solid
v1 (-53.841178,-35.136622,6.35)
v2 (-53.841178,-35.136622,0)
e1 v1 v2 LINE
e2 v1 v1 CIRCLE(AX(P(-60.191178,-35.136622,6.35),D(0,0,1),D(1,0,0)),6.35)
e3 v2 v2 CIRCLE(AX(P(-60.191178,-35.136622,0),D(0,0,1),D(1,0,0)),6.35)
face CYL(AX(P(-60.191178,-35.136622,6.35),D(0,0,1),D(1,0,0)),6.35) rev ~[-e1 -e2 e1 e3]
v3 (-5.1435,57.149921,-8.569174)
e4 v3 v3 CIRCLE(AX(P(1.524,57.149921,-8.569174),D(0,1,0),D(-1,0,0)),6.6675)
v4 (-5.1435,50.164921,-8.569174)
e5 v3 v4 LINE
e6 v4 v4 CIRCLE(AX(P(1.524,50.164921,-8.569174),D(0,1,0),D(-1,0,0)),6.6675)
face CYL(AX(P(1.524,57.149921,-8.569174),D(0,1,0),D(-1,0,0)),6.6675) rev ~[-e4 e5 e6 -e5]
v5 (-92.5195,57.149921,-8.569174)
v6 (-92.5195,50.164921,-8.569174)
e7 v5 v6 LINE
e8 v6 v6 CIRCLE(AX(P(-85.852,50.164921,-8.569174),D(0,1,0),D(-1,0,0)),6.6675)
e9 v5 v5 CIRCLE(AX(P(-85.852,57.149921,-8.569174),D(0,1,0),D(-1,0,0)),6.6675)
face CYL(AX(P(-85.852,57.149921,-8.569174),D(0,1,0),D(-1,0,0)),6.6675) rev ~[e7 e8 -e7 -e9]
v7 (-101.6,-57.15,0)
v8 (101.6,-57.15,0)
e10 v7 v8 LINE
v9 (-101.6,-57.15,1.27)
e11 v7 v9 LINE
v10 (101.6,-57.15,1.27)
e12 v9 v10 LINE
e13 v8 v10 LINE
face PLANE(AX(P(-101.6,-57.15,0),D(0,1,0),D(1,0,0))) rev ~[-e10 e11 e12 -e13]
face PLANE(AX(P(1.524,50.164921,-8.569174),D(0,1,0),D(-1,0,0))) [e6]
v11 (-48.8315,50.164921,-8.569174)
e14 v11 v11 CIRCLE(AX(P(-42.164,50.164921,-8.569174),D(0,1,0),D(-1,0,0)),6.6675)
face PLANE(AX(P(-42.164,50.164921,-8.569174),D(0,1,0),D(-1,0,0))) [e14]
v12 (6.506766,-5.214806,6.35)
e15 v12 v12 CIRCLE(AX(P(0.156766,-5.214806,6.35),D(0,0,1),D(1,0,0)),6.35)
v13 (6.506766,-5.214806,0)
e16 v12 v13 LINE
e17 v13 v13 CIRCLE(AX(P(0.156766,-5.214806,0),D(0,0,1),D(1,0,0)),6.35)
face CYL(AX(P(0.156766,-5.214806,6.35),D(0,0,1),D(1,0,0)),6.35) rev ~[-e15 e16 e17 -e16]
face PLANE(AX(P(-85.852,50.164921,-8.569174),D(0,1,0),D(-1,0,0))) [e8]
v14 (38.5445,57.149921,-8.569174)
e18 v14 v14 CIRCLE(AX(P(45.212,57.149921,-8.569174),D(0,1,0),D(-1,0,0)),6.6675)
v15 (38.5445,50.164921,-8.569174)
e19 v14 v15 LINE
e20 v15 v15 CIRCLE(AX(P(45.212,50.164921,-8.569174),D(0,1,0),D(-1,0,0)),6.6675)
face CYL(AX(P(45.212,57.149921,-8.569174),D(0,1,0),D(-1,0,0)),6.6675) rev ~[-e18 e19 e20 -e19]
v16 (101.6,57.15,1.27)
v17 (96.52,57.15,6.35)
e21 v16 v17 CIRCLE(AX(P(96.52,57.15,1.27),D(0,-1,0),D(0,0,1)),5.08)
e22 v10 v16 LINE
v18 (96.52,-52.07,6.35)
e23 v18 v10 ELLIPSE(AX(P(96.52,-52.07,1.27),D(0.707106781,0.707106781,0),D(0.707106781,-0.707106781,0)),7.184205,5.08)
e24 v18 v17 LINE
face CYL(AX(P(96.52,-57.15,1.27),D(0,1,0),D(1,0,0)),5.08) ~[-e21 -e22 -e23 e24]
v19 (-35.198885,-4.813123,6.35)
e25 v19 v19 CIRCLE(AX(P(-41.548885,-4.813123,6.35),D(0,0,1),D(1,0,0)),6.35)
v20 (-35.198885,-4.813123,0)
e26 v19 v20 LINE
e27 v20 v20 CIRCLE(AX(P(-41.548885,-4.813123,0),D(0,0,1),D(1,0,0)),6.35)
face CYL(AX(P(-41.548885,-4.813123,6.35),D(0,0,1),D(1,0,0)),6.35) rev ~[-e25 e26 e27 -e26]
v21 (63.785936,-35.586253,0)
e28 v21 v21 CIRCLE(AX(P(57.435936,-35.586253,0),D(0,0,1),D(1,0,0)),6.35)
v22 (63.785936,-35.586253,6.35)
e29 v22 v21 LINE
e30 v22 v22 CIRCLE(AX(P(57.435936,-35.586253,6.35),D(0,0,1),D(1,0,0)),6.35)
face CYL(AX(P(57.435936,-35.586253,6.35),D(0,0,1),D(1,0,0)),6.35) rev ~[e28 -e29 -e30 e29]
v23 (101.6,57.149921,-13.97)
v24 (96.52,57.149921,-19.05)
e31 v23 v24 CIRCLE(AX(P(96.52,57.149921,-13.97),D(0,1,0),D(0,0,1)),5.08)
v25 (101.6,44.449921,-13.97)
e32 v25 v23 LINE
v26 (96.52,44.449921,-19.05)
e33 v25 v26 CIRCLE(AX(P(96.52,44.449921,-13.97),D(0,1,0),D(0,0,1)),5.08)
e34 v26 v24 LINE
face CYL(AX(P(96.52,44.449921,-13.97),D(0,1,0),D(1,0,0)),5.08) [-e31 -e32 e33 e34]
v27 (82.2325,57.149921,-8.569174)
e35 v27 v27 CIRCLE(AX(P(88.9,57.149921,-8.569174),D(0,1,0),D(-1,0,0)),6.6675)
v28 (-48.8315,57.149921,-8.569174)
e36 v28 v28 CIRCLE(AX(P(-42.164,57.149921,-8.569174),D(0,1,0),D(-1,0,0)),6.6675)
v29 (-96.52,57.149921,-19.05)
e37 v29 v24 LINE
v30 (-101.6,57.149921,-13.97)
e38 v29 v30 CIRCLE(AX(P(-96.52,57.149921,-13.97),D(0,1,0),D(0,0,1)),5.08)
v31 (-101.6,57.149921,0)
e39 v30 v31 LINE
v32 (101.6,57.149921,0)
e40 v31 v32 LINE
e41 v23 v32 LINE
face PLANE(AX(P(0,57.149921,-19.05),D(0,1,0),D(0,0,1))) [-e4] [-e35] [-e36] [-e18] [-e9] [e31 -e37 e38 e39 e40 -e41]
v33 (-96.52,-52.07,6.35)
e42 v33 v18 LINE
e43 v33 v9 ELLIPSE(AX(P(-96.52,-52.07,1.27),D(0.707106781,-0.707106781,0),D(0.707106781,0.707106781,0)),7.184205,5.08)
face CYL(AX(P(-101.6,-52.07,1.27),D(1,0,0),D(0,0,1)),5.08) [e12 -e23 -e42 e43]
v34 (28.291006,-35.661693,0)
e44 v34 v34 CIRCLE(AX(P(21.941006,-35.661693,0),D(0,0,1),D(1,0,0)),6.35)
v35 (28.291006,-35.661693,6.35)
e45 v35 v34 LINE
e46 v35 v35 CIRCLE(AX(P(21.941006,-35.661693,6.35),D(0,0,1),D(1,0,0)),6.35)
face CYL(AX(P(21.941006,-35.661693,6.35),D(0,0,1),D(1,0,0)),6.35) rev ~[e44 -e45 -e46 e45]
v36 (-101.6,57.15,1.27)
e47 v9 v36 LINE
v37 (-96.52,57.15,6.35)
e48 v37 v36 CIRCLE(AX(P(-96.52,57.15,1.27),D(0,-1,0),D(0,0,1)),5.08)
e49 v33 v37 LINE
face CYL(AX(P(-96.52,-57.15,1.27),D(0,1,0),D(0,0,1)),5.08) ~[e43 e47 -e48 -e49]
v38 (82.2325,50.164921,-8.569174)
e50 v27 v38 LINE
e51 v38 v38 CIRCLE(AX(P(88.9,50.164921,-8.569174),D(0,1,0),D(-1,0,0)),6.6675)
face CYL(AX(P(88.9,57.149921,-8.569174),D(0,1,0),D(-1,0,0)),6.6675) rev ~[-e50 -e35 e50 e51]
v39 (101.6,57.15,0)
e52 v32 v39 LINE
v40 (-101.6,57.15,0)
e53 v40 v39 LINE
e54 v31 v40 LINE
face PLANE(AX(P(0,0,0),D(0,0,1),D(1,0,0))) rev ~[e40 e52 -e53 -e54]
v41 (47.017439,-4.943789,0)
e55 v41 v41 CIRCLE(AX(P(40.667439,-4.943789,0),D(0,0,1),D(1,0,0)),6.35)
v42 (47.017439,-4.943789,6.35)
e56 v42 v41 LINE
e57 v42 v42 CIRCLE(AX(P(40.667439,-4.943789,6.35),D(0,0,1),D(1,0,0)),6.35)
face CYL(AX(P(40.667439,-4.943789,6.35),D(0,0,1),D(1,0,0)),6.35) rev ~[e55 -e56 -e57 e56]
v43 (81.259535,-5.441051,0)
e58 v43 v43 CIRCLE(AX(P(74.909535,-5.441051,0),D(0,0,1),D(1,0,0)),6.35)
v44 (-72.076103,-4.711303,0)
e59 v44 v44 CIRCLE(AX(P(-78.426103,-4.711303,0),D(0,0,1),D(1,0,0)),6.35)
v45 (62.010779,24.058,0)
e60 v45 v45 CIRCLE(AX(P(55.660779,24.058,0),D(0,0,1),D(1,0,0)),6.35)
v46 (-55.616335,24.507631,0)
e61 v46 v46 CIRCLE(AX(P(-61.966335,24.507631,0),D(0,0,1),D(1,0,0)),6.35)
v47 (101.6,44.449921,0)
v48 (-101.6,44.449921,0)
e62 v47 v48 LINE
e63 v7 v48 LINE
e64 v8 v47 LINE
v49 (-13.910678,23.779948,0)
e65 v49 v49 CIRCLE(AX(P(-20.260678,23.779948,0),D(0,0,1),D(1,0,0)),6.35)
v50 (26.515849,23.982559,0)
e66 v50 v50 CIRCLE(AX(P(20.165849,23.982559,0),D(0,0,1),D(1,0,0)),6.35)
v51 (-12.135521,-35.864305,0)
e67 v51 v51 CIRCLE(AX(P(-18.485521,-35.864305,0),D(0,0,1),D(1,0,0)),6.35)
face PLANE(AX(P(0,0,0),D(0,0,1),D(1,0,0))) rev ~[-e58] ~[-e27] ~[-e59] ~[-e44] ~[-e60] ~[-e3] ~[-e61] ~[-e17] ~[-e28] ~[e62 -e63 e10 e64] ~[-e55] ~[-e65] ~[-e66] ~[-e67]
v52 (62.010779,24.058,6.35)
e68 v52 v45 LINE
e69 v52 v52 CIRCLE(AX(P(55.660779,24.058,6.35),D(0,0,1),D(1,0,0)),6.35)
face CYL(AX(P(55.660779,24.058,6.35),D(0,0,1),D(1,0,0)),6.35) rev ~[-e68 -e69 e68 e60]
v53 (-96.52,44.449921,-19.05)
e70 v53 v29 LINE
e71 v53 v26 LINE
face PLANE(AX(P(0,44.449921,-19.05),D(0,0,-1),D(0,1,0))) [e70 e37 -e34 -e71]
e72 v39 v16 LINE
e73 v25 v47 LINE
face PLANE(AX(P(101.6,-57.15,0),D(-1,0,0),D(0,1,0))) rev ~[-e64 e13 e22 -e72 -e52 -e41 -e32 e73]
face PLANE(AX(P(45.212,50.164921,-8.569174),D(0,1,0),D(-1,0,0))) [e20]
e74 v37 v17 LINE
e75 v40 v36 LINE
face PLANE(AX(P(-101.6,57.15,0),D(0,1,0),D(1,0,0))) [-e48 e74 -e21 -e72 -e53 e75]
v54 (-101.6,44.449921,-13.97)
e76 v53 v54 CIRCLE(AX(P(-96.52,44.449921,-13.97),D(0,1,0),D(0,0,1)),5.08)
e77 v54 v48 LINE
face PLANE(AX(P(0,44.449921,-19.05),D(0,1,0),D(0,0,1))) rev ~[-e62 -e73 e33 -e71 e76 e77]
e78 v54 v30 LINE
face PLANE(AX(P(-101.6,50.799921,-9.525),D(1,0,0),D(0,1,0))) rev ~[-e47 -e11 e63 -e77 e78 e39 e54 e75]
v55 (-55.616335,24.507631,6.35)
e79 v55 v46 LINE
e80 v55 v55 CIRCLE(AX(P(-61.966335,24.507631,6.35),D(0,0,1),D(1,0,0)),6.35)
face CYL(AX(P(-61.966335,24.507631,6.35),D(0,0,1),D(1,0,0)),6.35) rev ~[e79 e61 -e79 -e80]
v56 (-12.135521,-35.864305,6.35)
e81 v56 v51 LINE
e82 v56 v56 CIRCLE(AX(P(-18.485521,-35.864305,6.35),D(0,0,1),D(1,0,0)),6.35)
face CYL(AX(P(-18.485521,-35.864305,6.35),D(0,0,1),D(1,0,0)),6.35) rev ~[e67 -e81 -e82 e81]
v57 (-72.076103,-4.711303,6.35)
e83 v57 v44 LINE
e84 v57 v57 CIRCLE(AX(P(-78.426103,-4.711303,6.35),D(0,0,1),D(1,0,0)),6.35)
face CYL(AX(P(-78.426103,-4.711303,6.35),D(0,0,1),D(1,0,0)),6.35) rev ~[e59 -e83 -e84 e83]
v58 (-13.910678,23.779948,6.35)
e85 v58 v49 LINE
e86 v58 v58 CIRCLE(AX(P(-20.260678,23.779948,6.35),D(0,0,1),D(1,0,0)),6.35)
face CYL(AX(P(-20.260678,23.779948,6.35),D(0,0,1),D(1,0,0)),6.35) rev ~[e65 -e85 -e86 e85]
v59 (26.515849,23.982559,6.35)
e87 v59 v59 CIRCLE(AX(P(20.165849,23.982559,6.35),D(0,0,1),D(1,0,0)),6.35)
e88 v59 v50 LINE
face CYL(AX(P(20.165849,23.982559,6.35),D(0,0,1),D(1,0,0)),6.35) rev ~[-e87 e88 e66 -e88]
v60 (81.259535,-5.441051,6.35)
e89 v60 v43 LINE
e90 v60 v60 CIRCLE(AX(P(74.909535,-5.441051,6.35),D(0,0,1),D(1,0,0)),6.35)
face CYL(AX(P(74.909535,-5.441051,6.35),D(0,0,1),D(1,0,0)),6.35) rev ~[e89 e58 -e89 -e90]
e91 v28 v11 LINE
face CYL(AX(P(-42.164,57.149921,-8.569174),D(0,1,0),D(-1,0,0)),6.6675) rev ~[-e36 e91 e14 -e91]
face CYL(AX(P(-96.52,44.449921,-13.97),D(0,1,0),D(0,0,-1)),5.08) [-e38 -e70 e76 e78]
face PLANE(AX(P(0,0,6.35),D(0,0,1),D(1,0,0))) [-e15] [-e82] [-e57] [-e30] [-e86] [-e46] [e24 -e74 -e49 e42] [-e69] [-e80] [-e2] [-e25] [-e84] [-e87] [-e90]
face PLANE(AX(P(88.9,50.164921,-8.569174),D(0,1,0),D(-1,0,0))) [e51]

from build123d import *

# Parameters (mm, degrees)
F0_W          = 203.2
F0_H          = 114.3
F1_DEPTH      = 6.35
F2_W          = 12.7
F2_H          = 19.05
F3_DEPTH      = 101.6
F3_DEPTH_BACK = 101.6
F4_R          = 5.08
F5_R          = 6.35
F6_DEPTH      = 25.401
F7_R          = 5.08
F8_R          = 6.6675
F9_DEPTH      = 6.985


with BuildPart() as f1:
    # F0 (on Top) → F1 (new body)
    with BuildSketch(Plane.XY):
        Rectangle(F0_W, F0_H)
    extrude(amount=F1_DEPTH)

    # F2 (on Right) → F3 (join, two sides)
    with BuildSketch(Plane.YZ) as f3_sk:
        with Locations((50.799921, -9.525)):
            Rectangle(F2_W, F2_H)
    extrude(amount=F3_DEPTH)
    extrude(f3_sk.sketch, amount=-F3_DEPTH_BACK)

    # F4
    f4_edges = [f1.edges().sort_by_distance(p)[0] for p in [
        (0, -57.15, 6.35),
        (-101.6, 0, 6.35),
        (101.6, 0, 6.35),
    ]]
    fillet(f4_edges, radius=F4_R)

    # F5 (on face) → F6 (cut, through all)
    with BuildSketch(Plane.XY.offset(6.35)):
        with Locations((-78.426103, -4.711303)):
            Circle(F5_R)
        with Locations((-20.260678, 23.779948)):
            Circle(F5_R)
        with Locations((-61.966335, 24.507631)):
            Circle(F5_R)
        with Locations((21.941006, -35.661693)):
            Circle(F5_R)
        with Locations((20.165849, 23.982559)):
            Circle(F5_R)
        with Locations((0.156766, -5.214806)):
            Circle(F5_R)
        with Locations((55.660779, 24.058)):
            Circle(F5_R)
        with Locations((74.909535, -5.441051)):
            Circle(F5_R)
        with Locations((-41.548885, -4.813123)):
            Circle(F5_R)
        with Locations((-18.485521, -35.864305)):
            Circle(F5_R)
        with Locations((40.667439, -4.943789)):
            Circle(F5_R)
        with Locations((-60.191178, -35.136622)):
            Circle(F5_R)
        with Locations((57.435936, -35.586253)):
            Circle(F5_R)
    extrude(amount=-F6_DEPTH, mode=Mode.SUBTRACT)

    # F7
    f7_edges = [f1.edges().sort_by_distance(p)[0] for p in [
        (-101.6, 50.799921, -19.05),
        (101.6, 50.799921, -19.05),
    ]]
    fillet(f7_edges, radius=F7_R)

    # F8 (on face) → F9 (cut)
    with BuildSketch(Plane(origin=(0, 57.149921, 0), x_dir=(-1, 0, 0), z_dir=(0, 1, 0))):
        with Locations((-45.212, -8.569174)):
            Circle(F8_R)
        with Locations((-88.9, -8.569174)):
            Circle(F8_R)
        with Locations((-1.524, -8.569174)):
            Circle(F8_R)
        with Locations((42.164, -8.569174)):
            Circle(F8_R)
        with Locations((85.852, -8.569174)):
            Circle(F8_R)
    extrude(amount=-F9_DEPTH, mode=Mode.SUBTRACT)


solid = f1.part
